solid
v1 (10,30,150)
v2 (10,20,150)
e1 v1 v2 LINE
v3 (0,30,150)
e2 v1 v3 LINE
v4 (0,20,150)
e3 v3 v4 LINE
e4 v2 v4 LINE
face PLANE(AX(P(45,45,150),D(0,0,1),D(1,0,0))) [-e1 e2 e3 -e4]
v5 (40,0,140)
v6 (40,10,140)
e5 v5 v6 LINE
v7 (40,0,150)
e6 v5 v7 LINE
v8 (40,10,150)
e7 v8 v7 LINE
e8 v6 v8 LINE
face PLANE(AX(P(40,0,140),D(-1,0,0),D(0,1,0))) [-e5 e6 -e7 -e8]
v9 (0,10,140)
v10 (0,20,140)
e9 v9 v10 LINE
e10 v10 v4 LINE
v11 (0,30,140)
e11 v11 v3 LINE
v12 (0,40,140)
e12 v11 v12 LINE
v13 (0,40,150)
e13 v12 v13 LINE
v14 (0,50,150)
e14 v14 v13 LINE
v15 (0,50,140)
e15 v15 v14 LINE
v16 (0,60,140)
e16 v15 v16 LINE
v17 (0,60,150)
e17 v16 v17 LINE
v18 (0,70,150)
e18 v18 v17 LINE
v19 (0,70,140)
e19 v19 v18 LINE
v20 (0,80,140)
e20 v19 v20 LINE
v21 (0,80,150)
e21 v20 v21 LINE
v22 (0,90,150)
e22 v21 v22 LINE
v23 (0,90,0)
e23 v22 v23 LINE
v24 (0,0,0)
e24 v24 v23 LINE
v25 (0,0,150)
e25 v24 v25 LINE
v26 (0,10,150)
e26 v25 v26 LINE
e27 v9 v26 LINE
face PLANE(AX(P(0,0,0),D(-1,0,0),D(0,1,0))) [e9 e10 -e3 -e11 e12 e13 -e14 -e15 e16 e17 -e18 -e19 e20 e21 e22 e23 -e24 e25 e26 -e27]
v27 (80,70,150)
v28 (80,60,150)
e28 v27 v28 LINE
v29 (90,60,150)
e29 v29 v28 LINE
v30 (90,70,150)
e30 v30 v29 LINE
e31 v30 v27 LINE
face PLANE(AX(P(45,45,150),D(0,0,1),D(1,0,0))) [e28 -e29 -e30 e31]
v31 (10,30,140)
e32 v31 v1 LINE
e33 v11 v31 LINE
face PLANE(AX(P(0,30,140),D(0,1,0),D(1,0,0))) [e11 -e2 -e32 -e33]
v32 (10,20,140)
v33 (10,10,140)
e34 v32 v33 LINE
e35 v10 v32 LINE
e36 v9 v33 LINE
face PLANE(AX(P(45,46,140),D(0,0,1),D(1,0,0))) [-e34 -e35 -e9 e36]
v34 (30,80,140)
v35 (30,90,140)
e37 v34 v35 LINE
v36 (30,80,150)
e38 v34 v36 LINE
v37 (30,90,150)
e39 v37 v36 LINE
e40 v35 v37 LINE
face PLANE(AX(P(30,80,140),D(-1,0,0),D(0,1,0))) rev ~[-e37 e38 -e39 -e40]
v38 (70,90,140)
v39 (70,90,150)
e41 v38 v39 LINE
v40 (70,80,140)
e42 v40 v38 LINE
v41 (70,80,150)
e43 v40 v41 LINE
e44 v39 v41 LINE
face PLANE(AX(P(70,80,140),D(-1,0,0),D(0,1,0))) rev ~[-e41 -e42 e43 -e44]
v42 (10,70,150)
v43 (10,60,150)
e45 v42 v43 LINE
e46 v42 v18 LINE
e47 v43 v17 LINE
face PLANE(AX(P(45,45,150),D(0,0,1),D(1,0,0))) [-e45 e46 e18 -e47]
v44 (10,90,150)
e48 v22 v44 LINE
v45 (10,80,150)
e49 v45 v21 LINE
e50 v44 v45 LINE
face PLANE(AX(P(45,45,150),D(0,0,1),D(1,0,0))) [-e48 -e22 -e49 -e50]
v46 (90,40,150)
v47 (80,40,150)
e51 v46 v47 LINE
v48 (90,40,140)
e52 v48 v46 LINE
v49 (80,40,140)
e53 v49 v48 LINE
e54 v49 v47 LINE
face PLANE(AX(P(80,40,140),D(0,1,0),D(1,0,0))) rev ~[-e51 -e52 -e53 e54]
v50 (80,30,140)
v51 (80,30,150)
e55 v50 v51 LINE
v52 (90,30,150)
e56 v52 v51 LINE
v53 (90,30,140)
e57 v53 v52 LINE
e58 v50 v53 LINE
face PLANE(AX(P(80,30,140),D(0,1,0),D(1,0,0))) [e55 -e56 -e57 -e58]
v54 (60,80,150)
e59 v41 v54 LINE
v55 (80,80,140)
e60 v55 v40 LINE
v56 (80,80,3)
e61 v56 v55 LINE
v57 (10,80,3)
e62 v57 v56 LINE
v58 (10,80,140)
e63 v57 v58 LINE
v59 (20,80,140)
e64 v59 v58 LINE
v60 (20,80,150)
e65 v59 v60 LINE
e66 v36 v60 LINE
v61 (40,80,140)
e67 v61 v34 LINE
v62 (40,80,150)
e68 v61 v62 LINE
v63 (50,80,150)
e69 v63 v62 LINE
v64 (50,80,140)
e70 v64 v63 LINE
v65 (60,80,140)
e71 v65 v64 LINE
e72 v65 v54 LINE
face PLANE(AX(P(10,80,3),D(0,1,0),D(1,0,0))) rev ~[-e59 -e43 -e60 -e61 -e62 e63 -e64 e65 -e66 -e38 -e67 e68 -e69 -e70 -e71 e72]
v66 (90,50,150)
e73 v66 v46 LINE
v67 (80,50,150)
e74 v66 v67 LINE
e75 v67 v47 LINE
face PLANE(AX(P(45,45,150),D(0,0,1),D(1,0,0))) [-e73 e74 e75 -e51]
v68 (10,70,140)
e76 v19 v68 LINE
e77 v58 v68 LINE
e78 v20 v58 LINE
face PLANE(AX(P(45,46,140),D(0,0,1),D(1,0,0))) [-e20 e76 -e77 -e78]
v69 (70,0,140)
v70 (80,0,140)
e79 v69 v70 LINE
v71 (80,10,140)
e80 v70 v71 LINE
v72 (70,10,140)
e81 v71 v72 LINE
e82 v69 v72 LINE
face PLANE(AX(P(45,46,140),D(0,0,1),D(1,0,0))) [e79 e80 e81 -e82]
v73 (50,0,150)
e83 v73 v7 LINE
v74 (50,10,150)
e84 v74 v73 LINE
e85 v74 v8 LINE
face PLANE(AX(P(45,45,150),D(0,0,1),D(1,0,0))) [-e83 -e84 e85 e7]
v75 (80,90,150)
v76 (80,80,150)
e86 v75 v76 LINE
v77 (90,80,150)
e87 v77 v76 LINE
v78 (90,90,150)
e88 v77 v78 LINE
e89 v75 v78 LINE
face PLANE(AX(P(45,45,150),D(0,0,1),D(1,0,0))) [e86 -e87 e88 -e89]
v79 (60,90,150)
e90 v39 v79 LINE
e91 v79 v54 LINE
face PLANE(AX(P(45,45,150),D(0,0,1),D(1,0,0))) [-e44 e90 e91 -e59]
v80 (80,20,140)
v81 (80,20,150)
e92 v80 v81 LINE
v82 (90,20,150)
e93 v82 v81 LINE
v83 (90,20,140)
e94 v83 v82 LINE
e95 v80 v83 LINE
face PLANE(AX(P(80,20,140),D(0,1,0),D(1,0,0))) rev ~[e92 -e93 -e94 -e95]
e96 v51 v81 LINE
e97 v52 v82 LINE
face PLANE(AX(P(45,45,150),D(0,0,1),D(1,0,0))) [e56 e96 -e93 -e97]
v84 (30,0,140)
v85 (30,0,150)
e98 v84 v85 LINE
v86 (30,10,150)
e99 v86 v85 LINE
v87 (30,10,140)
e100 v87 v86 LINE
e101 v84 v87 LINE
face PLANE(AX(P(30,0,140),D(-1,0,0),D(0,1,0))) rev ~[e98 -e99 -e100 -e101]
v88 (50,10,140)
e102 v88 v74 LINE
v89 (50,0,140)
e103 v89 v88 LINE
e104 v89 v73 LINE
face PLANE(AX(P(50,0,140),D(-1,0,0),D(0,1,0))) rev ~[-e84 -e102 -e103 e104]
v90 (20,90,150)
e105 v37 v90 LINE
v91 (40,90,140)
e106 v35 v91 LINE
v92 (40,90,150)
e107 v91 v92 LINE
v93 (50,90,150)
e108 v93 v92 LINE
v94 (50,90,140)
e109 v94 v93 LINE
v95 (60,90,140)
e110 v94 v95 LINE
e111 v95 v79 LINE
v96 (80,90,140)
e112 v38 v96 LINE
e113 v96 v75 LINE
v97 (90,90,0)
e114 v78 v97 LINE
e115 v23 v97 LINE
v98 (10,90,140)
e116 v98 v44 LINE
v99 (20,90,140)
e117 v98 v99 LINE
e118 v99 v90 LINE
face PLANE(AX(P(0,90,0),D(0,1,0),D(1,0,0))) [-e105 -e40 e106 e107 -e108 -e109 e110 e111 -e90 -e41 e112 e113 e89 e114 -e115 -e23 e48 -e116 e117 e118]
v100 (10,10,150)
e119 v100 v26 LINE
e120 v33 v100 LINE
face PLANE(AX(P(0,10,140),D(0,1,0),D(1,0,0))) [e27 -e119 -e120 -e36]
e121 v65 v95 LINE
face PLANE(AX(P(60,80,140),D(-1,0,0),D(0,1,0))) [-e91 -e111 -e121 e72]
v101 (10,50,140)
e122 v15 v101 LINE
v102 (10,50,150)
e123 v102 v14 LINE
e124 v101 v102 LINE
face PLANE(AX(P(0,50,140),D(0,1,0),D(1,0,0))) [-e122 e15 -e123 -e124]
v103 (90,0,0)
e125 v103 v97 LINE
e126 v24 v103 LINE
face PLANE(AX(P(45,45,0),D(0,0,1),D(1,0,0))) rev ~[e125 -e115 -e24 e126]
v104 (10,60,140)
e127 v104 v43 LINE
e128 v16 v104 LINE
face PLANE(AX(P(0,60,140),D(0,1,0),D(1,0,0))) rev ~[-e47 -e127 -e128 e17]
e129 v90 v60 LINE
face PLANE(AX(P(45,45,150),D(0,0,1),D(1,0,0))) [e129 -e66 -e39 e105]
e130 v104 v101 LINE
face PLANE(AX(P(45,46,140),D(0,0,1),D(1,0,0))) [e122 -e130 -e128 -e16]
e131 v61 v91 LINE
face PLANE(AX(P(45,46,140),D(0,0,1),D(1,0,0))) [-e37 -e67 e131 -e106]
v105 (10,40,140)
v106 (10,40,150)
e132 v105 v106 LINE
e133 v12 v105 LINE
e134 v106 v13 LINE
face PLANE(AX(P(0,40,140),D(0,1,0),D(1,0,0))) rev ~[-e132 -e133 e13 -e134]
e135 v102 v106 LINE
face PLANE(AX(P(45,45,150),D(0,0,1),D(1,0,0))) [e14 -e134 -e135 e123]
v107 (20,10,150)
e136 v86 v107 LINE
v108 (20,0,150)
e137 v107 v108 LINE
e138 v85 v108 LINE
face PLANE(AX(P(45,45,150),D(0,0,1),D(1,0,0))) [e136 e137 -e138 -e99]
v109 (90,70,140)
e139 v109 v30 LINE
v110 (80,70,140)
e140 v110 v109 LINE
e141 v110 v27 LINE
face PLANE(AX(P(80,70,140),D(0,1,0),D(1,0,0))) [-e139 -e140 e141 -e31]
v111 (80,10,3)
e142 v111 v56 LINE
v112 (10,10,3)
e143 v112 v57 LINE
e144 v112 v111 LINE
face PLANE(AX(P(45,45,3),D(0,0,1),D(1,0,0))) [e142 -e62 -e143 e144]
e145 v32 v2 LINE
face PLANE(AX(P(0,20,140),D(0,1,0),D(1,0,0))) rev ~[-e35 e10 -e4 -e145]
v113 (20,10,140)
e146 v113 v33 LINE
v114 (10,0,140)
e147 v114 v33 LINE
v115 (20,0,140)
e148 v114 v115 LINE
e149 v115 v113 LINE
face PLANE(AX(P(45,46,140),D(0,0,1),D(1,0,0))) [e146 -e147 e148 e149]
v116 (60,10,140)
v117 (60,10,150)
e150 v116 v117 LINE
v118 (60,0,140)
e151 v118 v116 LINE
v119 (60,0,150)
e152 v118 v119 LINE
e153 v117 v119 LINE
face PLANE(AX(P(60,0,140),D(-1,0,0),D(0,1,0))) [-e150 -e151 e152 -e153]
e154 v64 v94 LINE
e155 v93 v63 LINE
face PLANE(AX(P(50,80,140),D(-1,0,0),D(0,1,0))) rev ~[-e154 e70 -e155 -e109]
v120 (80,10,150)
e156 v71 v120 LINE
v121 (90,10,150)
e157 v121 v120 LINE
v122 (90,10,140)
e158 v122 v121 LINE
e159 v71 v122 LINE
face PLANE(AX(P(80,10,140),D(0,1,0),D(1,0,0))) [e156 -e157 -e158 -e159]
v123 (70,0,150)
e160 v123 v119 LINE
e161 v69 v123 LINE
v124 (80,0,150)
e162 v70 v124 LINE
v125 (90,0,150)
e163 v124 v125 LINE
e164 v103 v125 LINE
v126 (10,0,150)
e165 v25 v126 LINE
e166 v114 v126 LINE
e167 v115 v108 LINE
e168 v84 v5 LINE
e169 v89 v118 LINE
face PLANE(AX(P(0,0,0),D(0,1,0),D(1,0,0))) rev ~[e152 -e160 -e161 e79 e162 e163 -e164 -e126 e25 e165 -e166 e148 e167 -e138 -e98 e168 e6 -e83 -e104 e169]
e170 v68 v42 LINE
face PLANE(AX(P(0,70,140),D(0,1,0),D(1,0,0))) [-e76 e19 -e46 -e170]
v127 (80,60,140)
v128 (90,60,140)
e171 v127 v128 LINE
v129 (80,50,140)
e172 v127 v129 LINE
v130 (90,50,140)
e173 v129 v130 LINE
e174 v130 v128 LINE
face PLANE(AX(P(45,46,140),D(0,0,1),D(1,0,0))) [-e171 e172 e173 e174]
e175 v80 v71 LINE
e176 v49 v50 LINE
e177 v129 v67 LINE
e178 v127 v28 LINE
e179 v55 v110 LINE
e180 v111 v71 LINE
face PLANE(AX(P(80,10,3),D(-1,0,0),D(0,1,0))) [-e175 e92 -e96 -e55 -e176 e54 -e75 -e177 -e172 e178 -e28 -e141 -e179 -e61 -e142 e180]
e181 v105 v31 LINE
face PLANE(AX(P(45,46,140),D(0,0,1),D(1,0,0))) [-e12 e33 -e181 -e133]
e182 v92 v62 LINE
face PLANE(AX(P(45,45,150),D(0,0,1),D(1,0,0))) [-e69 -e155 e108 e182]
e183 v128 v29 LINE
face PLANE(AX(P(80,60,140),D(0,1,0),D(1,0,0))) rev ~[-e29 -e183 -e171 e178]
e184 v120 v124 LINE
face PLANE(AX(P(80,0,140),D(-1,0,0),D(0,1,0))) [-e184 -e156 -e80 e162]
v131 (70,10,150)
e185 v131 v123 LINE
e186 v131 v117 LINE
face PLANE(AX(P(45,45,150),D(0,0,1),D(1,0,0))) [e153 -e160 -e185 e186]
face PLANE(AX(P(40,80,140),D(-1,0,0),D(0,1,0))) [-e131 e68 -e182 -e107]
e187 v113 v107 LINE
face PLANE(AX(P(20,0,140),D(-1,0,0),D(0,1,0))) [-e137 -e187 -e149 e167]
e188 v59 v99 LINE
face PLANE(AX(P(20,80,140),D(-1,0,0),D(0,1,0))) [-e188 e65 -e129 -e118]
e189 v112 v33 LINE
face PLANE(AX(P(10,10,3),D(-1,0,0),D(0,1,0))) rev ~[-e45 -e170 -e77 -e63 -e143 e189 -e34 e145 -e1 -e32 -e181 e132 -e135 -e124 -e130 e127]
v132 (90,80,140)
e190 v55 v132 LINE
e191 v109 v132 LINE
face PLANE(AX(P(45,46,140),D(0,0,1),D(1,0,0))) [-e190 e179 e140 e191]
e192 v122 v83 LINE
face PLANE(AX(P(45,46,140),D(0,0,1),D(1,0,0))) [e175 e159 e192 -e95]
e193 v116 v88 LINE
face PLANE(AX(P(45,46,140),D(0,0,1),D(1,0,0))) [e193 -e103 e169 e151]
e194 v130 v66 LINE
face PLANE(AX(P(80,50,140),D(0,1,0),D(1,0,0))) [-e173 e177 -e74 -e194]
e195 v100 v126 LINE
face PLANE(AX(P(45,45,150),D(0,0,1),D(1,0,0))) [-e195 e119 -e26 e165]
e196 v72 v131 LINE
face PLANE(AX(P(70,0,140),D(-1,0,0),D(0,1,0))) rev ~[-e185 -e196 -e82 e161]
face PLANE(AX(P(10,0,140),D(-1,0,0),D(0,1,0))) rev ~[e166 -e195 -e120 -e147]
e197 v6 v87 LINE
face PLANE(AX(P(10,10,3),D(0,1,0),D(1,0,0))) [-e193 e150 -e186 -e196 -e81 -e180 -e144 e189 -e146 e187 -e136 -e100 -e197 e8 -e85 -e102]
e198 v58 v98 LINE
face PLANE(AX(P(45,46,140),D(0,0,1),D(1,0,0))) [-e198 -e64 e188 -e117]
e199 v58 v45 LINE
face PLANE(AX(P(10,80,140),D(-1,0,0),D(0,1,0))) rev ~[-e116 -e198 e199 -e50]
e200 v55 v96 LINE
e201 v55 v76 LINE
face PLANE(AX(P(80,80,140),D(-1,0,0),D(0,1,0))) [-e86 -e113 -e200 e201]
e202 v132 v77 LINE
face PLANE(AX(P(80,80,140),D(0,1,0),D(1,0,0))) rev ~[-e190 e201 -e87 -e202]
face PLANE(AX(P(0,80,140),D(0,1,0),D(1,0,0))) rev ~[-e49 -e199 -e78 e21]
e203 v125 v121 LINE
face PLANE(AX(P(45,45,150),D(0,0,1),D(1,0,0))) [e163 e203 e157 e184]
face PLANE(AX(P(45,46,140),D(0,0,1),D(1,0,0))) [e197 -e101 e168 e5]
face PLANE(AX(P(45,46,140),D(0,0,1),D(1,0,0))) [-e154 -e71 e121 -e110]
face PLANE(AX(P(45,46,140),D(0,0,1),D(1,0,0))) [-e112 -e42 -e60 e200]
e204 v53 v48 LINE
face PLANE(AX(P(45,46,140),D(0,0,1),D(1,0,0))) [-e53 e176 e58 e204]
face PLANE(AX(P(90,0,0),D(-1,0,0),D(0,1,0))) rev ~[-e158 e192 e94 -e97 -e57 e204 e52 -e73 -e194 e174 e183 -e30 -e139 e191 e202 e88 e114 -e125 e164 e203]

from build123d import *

# Parameters (mm, degrees)
BOX003_W      = 70
BOX003_H      = 70
BOX003_DEPTH  = 150
BOX001_W      = 10
BOX001_H      = 10
BOX001_DEPTH  = 14
ARRAY_X_COUNT = 5
ARRAY_X_PITCH = 20
ARRAY_Y_COUNT = 5
ARRAY_Y_PITCH = 20
BOX002_W      = 110
BOX002_H      = 110
BOX002_DEPTH  = 10
BOX_W         = 90
BOX_H         = 90
BOX_DEPTH     = 150


with BuildPart() as cube003:
    # Box003 → Box003 (new body)
    with BuildSketch(Plane(origin=(10, 10, 3), x_dir=(1, 0, 0), z_dir=(0, 0, 1))):
        with Locations((35, 35)):
            Rectangle(BOX003_W, BOX003_H)
    extrude(amount=BOX003_DEPTH)


with BuildPart() as array:
    # Box001 → Box001 (new body)
    with BuildSketch(Plane.XY):
        with Locations((5, 5)):
            Rectangle(BOX001_W, BOX001_H)
    extrude(amount=BOX001_DEPTH)

    # Array X: Array ×5


with BuildPart() as array_1:
    add(array.part)
    with Locations(*[(i * ARRAY_X_PITCH, 0, 0) for i in range(1, ARRAY_X_COUNT)]):
        add(array.part)

    # Array Y: Array ×5


with BuildPart() as array_2:
    add(array_1.part)
    with Locations(*[(0, i * ARRAY_Y_PITCH, 0) for i in range(1, ARRAY_Y_COUNT)]):
        add(array_1.part)


with BuildPart() as cut:
    # Box002 → Box002 (new body)
    with BuildSketch(Plane(origin=(-10, -9, 0), x_dir=(1, 0, 0), z_dir=(0, 0, 1))):
        with Locations((55, 55)):
            Rectangle(BOX002_W, BOX002_H)
    extrude(amount=BOX002_DEPTH)

    # Cut: cut Array
    add(array_2.part, mode=Mode.SUBTRACT)


with BuildPart() as cut_1:
    # Cut placement: moved
    add(cut.part.moved(Location((0, 0, 140))))


with BuildPart() as cut002:
    # Box → Box (new body)
    with BuildSketch(Plane.XY):
        with Locations((45, 45)):
            Rectangle(BOX_W, BOX_H)
    extrude(amount=BOX_DEPTH)

    # Cut001: cut Cut
    add(cut_1.part, mode=Mode.SUBTRACT)

    # Cut002: cut Cube003
    add(cube003.part, mode=Mode.SUBTRACT)


solid = cut002.part
